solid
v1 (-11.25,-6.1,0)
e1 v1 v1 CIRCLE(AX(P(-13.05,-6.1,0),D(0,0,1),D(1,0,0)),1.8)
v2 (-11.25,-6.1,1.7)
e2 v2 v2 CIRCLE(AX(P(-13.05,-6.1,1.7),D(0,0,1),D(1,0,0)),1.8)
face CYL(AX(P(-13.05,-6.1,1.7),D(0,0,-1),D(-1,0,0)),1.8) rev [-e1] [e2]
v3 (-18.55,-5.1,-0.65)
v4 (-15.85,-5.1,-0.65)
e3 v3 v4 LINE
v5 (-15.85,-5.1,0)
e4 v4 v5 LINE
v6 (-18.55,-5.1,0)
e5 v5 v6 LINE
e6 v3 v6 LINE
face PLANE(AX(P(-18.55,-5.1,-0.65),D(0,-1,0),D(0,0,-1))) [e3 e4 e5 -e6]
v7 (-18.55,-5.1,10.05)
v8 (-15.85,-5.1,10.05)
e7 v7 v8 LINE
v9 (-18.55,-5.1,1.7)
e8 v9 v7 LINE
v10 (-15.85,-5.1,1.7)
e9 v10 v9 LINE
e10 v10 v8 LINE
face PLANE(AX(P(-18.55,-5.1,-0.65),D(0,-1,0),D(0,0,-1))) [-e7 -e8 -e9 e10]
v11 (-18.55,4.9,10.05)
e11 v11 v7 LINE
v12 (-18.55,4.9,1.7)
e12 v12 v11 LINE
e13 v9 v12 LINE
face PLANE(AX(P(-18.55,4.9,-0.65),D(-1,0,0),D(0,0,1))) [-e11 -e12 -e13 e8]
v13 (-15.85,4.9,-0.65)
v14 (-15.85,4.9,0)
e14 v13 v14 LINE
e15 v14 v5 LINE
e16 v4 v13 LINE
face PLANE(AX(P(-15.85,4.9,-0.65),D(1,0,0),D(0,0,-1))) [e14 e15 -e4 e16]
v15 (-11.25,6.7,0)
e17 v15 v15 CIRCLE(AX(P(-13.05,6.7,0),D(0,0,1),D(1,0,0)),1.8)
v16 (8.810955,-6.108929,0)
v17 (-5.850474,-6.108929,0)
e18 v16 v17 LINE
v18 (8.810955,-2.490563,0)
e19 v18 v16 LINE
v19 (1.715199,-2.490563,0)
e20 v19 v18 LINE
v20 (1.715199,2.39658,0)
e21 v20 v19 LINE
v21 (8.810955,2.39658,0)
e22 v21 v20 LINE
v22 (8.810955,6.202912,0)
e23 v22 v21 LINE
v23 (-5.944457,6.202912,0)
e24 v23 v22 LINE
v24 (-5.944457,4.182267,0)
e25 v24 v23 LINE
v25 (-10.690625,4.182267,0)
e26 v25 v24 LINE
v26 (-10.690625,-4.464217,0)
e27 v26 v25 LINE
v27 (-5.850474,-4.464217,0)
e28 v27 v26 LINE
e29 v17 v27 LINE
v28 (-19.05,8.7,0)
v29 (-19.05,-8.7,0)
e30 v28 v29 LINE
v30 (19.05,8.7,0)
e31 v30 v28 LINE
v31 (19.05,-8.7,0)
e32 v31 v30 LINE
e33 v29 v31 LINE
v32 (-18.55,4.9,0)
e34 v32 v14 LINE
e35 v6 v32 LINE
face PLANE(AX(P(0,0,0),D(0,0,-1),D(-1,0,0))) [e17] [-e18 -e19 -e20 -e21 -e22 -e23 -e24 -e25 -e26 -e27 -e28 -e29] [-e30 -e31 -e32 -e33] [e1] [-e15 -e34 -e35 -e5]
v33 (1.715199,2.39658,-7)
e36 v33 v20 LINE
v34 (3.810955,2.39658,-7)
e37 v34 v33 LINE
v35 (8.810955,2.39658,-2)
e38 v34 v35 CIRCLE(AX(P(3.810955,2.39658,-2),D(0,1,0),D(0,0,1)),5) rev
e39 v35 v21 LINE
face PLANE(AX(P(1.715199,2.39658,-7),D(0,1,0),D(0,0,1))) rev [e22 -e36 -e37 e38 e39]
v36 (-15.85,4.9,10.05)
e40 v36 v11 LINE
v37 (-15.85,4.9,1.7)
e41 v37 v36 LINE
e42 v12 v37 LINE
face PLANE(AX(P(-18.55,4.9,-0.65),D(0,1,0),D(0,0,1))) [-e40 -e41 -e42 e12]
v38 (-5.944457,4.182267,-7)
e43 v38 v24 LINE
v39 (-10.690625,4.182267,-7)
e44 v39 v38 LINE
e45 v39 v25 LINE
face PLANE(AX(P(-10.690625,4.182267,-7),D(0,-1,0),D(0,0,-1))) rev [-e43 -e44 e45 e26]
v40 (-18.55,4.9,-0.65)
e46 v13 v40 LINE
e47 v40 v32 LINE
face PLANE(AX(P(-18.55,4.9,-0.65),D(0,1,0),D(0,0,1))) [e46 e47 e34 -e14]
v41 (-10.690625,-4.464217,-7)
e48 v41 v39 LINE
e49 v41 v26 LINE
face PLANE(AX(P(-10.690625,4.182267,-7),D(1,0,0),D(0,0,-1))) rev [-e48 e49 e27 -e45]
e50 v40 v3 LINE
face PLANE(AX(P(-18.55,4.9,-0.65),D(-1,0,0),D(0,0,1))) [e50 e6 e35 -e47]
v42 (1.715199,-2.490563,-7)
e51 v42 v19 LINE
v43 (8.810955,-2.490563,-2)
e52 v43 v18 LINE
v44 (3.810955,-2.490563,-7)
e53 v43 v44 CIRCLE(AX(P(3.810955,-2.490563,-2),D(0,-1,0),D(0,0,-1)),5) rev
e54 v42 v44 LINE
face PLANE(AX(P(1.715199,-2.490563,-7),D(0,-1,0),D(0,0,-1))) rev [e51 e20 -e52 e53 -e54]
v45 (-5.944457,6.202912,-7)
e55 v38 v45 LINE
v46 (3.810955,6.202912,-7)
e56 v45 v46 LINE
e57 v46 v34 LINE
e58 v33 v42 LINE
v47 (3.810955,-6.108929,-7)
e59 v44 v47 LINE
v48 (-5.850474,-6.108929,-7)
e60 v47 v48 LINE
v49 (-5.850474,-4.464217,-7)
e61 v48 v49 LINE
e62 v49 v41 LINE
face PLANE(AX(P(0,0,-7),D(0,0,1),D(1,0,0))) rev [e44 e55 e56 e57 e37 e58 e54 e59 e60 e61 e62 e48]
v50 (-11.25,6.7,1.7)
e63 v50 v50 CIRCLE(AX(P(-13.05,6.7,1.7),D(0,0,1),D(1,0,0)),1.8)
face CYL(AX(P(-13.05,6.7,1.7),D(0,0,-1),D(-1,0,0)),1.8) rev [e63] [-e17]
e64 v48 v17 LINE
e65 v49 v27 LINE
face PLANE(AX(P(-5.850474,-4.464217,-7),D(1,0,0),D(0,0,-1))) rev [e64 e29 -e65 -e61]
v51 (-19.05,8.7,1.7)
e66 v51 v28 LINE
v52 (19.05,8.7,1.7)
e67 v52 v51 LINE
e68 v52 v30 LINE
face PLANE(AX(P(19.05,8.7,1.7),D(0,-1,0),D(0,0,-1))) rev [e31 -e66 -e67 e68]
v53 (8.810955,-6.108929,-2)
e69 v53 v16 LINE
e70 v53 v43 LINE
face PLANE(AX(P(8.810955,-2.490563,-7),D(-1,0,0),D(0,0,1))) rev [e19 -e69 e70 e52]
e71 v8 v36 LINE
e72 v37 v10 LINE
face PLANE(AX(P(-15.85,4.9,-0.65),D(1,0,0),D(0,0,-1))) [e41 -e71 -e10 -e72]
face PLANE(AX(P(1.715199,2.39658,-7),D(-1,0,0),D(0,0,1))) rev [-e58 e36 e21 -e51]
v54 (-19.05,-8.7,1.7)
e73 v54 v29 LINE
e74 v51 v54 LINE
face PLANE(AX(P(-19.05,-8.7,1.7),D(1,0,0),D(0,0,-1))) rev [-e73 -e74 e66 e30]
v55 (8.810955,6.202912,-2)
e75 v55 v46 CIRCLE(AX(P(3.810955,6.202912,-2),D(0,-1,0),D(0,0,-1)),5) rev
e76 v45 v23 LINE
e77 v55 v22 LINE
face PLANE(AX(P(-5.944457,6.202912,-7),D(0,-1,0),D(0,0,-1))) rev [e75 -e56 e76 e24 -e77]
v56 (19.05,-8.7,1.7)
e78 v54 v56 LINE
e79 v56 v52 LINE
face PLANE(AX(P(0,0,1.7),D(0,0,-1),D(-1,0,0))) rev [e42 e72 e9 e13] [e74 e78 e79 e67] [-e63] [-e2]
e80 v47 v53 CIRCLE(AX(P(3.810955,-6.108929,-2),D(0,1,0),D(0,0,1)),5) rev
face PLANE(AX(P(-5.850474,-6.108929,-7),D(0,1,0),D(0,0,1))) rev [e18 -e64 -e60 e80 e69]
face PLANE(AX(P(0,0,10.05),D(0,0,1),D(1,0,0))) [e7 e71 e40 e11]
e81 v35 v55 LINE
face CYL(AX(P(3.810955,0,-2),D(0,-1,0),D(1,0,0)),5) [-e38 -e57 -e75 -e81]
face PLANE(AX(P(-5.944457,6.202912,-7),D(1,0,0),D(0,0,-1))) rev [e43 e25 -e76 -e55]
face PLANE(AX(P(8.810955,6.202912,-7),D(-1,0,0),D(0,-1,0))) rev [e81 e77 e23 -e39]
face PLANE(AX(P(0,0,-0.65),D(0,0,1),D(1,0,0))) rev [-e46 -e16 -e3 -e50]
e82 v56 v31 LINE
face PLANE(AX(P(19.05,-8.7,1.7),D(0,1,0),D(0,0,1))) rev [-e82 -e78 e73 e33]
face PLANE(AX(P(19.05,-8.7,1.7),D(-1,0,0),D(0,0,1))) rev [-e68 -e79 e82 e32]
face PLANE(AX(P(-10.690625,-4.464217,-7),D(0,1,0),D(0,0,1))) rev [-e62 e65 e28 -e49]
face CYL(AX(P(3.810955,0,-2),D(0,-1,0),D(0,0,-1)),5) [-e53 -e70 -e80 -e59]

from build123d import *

# Parameters (mm, degrees)
CROQUIS1_W                   = 17.4
CROQUIS1_H                   = 38.1
CROQUIS1_R                   = 1.8
SALIENTE_EXTRUIR1_DEPTH      = 1.7
SALIENTE_EXTRUIR2_DEPTH      = 8.35
SALIENTE_EXTRUIR2_DEPTH_BACK = 2.35
CROQUIS2_W                   = 2.7
CROQUIS2_H                   = 10
SALIENTE_EXTRUIR3_DEPTH      = 7
REDONDEO2_R                  = 5


with BuildPart() as part:
    # Croquis1 → Saliente-Extruir1 (new body)
    with BuildSketch(Plane(origin=(0, 0, 0), x_dir=(0, 1, 0), z_dir=(0, 0, 1))):
        Rectangle(CROQUIS1_W, CROQUIS1_H)
        with Locations(Location((6.7, 13.05, 0), (0, 0, 270))):
            Circle(CROQUIS1_R, mode=Mode.SUBTRACT)
        with Locations(Location((-6.1, 13.05, 0), (0, 0, 270))):
            Circle(CROQUIS1_R, mode=Mode.SUBTRACT)
    extrude(amount=SALIENTE_EXTRUIR1_DEPTH)

    # Croquis2 → Saliente-Extruir2 (add, two sides: drawn at the far end of the back side and taken through both)
    with BuildSketch(Plane.XY.offset(1.7).offset(-SALIENTE_EXTRUIR2_DEPTH_BACK)):
        with Locations((-17.2, -0.1)):
            Rectangle(CROQUIS2_W, CROQUIS2_H)
    extrude(amount=SALIENTE_EXTRUIR2_DEPTH + SALIENTE_EXTRUIR2_DEPTH_BACK)

    # Croquis3 → Saliente-Extruir3 (add)
    with BuildSketch(Plane(origin=(0, 0, 0), x_dir=(1, 0, 0), z_dir=(0, 0, -1))):
        Polygon((-10.690625063, -4.182266508), (-5.944457453, -4.182266508), (-5.944457453, -6.202912125), (8.810954722, -6.202912125), (8.810954722, -2.396579685), (1.715199186, -2.396579685), (1.715199186, 2.490563202), (8.810954722, 2.490563202), (8.810954722, 6.108928608), (-5.850473936, 6.108928608), (-5.850473936, 4.464217059), (-10.690625063, 4.464217059), align=None)
    extrude(amount=SALIENTE_EXTRUIR3_DEPTH)

    # Redondeo2
    redondeo2_edges = [part.edges().sort_by_distance(p)[0] for p in [
        (8.810954722, 4.299745905, -7),
        (8.810954722, -4.299745905, -7),
    ]]
    fillet(redondeo2_edges, radius=REDONDEO2_R)


solid = part.part
